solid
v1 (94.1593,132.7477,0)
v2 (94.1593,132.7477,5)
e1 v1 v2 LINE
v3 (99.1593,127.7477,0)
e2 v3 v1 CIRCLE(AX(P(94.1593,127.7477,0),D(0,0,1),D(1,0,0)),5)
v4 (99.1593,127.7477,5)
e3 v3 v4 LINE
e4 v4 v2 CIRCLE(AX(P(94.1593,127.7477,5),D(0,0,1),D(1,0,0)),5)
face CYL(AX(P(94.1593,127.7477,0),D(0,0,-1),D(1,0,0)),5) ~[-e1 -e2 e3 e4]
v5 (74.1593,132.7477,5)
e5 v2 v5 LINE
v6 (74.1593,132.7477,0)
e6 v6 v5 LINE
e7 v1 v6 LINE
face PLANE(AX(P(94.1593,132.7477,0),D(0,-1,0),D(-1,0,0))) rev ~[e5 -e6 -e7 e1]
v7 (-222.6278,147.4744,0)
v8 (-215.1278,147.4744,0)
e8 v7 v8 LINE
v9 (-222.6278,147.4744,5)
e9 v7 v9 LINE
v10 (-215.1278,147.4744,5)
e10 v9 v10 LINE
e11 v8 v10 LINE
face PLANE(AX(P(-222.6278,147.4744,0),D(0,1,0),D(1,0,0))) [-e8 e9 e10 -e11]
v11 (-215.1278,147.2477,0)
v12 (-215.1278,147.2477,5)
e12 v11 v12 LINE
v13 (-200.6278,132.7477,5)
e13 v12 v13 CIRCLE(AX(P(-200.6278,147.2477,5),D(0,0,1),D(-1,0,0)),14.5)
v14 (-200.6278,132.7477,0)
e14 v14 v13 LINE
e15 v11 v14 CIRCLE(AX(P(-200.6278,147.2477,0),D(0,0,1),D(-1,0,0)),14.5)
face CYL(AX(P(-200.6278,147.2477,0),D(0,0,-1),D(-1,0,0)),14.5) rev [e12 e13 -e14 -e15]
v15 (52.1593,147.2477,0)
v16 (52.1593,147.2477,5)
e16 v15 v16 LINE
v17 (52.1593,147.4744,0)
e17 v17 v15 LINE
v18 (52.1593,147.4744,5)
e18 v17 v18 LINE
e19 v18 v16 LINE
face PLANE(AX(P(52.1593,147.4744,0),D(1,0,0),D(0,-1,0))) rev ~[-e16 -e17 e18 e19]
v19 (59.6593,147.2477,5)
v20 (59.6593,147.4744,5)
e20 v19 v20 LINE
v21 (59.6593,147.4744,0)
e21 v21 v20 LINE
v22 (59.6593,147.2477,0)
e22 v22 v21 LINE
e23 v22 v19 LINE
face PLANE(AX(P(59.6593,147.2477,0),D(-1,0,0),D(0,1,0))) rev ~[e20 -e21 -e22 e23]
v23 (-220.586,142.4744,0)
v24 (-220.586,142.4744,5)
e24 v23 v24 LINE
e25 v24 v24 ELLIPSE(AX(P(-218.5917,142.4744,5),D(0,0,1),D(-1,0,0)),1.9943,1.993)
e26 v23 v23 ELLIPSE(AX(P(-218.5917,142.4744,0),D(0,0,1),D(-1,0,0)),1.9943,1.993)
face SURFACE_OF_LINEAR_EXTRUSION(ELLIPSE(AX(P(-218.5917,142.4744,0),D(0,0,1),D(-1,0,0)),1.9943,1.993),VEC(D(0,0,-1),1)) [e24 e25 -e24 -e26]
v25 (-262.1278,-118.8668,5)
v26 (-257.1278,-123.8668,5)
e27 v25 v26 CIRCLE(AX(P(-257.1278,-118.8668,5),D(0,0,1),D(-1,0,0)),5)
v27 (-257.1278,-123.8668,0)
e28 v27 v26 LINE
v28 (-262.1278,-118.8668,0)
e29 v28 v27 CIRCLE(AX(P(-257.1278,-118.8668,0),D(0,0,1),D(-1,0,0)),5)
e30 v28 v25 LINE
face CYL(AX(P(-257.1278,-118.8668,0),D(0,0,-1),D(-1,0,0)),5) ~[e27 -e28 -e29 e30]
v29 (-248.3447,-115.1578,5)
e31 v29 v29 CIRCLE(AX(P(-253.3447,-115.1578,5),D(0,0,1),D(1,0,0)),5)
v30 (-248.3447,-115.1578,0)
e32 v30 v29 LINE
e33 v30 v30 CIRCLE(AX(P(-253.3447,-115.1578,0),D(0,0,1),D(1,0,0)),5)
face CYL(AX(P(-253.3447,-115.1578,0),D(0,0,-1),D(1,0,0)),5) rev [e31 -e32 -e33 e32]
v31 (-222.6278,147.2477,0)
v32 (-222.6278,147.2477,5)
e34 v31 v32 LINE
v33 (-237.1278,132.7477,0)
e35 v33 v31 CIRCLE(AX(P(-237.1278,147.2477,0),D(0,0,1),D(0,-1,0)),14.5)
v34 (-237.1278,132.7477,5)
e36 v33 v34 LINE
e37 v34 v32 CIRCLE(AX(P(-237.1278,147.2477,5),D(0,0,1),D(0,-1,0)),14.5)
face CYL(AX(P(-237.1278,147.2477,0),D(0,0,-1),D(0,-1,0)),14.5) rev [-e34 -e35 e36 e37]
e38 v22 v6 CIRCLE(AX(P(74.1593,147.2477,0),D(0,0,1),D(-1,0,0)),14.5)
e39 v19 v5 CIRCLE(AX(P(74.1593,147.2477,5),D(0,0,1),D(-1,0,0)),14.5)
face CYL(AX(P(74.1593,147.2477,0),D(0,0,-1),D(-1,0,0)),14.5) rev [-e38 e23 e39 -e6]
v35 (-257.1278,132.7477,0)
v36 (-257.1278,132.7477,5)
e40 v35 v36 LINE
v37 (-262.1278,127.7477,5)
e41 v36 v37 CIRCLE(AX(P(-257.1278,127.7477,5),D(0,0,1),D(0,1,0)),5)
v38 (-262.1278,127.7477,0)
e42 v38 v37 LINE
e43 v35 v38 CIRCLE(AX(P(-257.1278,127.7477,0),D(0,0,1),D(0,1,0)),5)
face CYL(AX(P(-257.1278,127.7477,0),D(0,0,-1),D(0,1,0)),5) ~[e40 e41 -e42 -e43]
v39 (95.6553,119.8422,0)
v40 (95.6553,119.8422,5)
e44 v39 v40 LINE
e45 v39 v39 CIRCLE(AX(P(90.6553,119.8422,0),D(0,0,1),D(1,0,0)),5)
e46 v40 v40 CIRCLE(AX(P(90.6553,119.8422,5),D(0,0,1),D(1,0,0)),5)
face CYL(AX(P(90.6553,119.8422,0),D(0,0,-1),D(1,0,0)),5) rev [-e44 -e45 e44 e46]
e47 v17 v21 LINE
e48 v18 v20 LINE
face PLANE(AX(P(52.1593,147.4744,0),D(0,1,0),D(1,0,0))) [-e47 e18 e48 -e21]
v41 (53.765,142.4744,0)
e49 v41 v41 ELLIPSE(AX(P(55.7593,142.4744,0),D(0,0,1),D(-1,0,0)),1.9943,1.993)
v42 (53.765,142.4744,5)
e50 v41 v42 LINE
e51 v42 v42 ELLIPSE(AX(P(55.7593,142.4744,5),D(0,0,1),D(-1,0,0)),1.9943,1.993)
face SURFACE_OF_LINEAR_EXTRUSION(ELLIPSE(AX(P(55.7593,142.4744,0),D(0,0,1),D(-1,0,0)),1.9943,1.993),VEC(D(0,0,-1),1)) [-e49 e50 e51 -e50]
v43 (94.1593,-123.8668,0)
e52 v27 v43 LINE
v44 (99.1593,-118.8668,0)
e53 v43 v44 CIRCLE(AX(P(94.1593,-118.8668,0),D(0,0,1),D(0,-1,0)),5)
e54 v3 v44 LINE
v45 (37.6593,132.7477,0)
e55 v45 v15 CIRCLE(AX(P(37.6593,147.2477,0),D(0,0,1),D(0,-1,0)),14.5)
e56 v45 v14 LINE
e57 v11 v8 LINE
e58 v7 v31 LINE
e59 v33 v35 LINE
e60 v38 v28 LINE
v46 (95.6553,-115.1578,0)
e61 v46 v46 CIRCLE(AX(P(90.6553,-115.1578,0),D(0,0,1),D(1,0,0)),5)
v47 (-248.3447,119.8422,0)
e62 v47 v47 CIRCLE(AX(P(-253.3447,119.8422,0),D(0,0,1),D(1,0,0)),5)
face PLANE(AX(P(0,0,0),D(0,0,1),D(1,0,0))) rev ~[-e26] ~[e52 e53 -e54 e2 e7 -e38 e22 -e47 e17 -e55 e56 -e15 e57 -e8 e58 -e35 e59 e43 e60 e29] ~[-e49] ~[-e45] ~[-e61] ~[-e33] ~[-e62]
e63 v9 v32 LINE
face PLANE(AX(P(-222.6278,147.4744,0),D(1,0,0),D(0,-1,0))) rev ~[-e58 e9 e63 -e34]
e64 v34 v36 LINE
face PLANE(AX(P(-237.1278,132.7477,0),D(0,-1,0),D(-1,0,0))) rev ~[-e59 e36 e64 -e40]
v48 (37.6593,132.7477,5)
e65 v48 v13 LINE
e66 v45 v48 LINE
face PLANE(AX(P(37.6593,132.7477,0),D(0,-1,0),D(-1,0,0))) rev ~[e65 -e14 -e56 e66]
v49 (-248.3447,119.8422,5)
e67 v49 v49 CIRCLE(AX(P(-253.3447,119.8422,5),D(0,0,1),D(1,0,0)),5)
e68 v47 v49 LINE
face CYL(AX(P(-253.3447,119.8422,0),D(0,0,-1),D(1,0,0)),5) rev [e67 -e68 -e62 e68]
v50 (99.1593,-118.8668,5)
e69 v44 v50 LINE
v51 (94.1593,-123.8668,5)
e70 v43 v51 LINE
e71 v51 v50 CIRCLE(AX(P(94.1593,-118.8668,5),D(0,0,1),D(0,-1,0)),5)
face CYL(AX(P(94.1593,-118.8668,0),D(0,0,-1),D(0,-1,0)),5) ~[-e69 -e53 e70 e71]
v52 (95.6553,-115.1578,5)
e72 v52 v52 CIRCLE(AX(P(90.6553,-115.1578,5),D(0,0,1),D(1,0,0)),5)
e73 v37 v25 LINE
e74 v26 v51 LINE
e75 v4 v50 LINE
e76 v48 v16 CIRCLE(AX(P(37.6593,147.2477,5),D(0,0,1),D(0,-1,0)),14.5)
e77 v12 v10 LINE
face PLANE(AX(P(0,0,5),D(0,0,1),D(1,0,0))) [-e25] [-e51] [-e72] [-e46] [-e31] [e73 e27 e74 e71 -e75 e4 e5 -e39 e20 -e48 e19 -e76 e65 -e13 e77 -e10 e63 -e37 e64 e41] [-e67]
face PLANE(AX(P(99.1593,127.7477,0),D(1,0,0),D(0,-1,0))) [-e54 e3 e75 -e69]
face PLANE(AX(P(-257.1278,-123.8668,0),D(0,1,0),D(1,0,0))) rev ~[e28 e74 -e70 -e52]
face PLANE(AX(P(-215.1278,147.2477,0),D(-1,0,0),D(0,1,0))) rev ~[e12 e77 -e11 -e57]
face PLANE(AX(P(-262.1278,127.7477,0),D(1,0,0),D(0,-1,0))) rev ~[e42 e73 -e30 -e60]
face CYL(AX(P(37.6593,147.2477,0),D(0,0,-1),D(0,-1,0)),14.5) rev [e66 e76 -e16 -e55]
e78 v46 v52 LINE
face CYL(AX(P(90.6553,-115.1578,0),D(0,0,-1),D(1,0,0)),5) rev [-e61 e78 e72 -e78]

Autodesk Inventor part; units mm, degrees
ref_plane "YZ Plane" through (0, 0, 0) normal (1, 0, 0) x (0, 1, 0)
ref_plane "XZ Plane" through (0, 0, 0) normal (0, 1, 0) x (-1, 0, 0)
ref_plane "XY Plane" through (0, 0, 0) normal (0, 0, 1) x (1, 0, 0)
sketch "Sketch1" plane through (0, 0, 0) normal (0, 0, 1) x (1, 0, 0)
  ellipse E0 centre (-218.5917, 142.4744) end of major axis (-220.586, 142.4744) minor radius 1.993
  ellipse E1 centre (55.7593, 142.4744) end of major axis (53.765, 142.4744) minor radius 1.993
  line L0 (-222.6278, 147.4744) -> (-215.1278, 147.4744)
  line L1 (52.1593, 147.4744) -> (59.6593, 147.4744)
  line L2 (99.1593, 127.7477) -> (99.1593, -118.8668)
  line L3 (-262.1278, 127.7477) -> (-262.1278, -118.8668)
  line L4 (-257.1278, -123.8668) -> (94.1593, -123.8668)
  line L5 (94.1593, 132.7477) -> (74.1593, 132.7477)
  line L6 (59.6593, 147.2477) -> (59.6593, 147.4744)
  line L7 (52.1593, 147.4744) -> (52.1593, 147.2477)
  line L8 (-215.1278, 147.2477) -> (-215.1278, 147.4744)
  line L9 (-222.6278, 147.4744) -> (-222.6278, 147.2477)
  line L10 (-237.1278, 132.7477) -> (-257.1278, 132.7477)
  arc A0 (59.6593, 147.2477) -> (74.1593, 132.7477) centre (74.1593, 147.2477) ccw
  arc A1 (37.6593, 132.7477) -> (52.1593, 147.2477) centre (37.6593, 147.2477) ccw
  arc A2 (-215.1278, 147.2477) -> (-200.6278, 132.7477) centre (-200.6278, 147.2477) ccw
  arc A3 (-237.1278, 132.7477) -> (-222.6278, 147.2477) centre (-237.1278, 147.2477) ccw
  line L11 (37.6593, 132.7477) -> (-200.6278, 132.7477)
  arc A4 (94.1593, -123.8668) -> (99.1593, -118.8668) centre (94.1593, -118.8668) ccw
  arc A5 (-262.1278, -118.8668) -> (-257.1278, -123.8668) centre (-257.1278, -118.8668) ccw
  arc A6 (-257.1278, 132.7477) -> (-262.1278, 127.7477) centre (-257.1278, 127.7477) ccw
  arc A7 (99.1593, 127.7477) -> (94.1593, 132.7477) centre (94.1593, 127.7477) ccw
  circle A8 centre (90.6553, 119.8422) radius 5
  circle A9 centre (90.6553, -115.1578) radius 5
  circle A10 centre (-253.3447, -115.1578) radius 5
  circle A11 centre (-253.3447, 119.8422) radius 5
  point P0 (-262.1278, -108.8668)
  point P1 (-247.1278, -123.8668)
  point P2 (-262.1278, 112.7477)
  point P3 (99.1593, 112.7477)
  point P4 (59.6593, 132.7477)
  point P5 (-222.6278, 132.7477)
  point P6 (-242.1278, 132.7477)
  point P7 (79.1593, 132.7477)
  point P8 (59.6593, 147.361)
  point P9 (84.1593, -123.8668)
  point P10 (99.1593, -108.8668)
  dimension "d3" = 7.5
  dimension "d4" = 7.5
  dimension "d18" = 5
  dimension "d28" = 14.7267
  dimension "d29" = 14.5
  dimension "d33" = 5
  dimension "d34" = 4.7733
  dimension "d36" = 5
  dimension "d37" = 5
  dimension "d39" = 5
extrude "Extrusion1" add sketch "Sketch1" along normal blind 5
properties part number "back plate" material "Nylon 6/6"
